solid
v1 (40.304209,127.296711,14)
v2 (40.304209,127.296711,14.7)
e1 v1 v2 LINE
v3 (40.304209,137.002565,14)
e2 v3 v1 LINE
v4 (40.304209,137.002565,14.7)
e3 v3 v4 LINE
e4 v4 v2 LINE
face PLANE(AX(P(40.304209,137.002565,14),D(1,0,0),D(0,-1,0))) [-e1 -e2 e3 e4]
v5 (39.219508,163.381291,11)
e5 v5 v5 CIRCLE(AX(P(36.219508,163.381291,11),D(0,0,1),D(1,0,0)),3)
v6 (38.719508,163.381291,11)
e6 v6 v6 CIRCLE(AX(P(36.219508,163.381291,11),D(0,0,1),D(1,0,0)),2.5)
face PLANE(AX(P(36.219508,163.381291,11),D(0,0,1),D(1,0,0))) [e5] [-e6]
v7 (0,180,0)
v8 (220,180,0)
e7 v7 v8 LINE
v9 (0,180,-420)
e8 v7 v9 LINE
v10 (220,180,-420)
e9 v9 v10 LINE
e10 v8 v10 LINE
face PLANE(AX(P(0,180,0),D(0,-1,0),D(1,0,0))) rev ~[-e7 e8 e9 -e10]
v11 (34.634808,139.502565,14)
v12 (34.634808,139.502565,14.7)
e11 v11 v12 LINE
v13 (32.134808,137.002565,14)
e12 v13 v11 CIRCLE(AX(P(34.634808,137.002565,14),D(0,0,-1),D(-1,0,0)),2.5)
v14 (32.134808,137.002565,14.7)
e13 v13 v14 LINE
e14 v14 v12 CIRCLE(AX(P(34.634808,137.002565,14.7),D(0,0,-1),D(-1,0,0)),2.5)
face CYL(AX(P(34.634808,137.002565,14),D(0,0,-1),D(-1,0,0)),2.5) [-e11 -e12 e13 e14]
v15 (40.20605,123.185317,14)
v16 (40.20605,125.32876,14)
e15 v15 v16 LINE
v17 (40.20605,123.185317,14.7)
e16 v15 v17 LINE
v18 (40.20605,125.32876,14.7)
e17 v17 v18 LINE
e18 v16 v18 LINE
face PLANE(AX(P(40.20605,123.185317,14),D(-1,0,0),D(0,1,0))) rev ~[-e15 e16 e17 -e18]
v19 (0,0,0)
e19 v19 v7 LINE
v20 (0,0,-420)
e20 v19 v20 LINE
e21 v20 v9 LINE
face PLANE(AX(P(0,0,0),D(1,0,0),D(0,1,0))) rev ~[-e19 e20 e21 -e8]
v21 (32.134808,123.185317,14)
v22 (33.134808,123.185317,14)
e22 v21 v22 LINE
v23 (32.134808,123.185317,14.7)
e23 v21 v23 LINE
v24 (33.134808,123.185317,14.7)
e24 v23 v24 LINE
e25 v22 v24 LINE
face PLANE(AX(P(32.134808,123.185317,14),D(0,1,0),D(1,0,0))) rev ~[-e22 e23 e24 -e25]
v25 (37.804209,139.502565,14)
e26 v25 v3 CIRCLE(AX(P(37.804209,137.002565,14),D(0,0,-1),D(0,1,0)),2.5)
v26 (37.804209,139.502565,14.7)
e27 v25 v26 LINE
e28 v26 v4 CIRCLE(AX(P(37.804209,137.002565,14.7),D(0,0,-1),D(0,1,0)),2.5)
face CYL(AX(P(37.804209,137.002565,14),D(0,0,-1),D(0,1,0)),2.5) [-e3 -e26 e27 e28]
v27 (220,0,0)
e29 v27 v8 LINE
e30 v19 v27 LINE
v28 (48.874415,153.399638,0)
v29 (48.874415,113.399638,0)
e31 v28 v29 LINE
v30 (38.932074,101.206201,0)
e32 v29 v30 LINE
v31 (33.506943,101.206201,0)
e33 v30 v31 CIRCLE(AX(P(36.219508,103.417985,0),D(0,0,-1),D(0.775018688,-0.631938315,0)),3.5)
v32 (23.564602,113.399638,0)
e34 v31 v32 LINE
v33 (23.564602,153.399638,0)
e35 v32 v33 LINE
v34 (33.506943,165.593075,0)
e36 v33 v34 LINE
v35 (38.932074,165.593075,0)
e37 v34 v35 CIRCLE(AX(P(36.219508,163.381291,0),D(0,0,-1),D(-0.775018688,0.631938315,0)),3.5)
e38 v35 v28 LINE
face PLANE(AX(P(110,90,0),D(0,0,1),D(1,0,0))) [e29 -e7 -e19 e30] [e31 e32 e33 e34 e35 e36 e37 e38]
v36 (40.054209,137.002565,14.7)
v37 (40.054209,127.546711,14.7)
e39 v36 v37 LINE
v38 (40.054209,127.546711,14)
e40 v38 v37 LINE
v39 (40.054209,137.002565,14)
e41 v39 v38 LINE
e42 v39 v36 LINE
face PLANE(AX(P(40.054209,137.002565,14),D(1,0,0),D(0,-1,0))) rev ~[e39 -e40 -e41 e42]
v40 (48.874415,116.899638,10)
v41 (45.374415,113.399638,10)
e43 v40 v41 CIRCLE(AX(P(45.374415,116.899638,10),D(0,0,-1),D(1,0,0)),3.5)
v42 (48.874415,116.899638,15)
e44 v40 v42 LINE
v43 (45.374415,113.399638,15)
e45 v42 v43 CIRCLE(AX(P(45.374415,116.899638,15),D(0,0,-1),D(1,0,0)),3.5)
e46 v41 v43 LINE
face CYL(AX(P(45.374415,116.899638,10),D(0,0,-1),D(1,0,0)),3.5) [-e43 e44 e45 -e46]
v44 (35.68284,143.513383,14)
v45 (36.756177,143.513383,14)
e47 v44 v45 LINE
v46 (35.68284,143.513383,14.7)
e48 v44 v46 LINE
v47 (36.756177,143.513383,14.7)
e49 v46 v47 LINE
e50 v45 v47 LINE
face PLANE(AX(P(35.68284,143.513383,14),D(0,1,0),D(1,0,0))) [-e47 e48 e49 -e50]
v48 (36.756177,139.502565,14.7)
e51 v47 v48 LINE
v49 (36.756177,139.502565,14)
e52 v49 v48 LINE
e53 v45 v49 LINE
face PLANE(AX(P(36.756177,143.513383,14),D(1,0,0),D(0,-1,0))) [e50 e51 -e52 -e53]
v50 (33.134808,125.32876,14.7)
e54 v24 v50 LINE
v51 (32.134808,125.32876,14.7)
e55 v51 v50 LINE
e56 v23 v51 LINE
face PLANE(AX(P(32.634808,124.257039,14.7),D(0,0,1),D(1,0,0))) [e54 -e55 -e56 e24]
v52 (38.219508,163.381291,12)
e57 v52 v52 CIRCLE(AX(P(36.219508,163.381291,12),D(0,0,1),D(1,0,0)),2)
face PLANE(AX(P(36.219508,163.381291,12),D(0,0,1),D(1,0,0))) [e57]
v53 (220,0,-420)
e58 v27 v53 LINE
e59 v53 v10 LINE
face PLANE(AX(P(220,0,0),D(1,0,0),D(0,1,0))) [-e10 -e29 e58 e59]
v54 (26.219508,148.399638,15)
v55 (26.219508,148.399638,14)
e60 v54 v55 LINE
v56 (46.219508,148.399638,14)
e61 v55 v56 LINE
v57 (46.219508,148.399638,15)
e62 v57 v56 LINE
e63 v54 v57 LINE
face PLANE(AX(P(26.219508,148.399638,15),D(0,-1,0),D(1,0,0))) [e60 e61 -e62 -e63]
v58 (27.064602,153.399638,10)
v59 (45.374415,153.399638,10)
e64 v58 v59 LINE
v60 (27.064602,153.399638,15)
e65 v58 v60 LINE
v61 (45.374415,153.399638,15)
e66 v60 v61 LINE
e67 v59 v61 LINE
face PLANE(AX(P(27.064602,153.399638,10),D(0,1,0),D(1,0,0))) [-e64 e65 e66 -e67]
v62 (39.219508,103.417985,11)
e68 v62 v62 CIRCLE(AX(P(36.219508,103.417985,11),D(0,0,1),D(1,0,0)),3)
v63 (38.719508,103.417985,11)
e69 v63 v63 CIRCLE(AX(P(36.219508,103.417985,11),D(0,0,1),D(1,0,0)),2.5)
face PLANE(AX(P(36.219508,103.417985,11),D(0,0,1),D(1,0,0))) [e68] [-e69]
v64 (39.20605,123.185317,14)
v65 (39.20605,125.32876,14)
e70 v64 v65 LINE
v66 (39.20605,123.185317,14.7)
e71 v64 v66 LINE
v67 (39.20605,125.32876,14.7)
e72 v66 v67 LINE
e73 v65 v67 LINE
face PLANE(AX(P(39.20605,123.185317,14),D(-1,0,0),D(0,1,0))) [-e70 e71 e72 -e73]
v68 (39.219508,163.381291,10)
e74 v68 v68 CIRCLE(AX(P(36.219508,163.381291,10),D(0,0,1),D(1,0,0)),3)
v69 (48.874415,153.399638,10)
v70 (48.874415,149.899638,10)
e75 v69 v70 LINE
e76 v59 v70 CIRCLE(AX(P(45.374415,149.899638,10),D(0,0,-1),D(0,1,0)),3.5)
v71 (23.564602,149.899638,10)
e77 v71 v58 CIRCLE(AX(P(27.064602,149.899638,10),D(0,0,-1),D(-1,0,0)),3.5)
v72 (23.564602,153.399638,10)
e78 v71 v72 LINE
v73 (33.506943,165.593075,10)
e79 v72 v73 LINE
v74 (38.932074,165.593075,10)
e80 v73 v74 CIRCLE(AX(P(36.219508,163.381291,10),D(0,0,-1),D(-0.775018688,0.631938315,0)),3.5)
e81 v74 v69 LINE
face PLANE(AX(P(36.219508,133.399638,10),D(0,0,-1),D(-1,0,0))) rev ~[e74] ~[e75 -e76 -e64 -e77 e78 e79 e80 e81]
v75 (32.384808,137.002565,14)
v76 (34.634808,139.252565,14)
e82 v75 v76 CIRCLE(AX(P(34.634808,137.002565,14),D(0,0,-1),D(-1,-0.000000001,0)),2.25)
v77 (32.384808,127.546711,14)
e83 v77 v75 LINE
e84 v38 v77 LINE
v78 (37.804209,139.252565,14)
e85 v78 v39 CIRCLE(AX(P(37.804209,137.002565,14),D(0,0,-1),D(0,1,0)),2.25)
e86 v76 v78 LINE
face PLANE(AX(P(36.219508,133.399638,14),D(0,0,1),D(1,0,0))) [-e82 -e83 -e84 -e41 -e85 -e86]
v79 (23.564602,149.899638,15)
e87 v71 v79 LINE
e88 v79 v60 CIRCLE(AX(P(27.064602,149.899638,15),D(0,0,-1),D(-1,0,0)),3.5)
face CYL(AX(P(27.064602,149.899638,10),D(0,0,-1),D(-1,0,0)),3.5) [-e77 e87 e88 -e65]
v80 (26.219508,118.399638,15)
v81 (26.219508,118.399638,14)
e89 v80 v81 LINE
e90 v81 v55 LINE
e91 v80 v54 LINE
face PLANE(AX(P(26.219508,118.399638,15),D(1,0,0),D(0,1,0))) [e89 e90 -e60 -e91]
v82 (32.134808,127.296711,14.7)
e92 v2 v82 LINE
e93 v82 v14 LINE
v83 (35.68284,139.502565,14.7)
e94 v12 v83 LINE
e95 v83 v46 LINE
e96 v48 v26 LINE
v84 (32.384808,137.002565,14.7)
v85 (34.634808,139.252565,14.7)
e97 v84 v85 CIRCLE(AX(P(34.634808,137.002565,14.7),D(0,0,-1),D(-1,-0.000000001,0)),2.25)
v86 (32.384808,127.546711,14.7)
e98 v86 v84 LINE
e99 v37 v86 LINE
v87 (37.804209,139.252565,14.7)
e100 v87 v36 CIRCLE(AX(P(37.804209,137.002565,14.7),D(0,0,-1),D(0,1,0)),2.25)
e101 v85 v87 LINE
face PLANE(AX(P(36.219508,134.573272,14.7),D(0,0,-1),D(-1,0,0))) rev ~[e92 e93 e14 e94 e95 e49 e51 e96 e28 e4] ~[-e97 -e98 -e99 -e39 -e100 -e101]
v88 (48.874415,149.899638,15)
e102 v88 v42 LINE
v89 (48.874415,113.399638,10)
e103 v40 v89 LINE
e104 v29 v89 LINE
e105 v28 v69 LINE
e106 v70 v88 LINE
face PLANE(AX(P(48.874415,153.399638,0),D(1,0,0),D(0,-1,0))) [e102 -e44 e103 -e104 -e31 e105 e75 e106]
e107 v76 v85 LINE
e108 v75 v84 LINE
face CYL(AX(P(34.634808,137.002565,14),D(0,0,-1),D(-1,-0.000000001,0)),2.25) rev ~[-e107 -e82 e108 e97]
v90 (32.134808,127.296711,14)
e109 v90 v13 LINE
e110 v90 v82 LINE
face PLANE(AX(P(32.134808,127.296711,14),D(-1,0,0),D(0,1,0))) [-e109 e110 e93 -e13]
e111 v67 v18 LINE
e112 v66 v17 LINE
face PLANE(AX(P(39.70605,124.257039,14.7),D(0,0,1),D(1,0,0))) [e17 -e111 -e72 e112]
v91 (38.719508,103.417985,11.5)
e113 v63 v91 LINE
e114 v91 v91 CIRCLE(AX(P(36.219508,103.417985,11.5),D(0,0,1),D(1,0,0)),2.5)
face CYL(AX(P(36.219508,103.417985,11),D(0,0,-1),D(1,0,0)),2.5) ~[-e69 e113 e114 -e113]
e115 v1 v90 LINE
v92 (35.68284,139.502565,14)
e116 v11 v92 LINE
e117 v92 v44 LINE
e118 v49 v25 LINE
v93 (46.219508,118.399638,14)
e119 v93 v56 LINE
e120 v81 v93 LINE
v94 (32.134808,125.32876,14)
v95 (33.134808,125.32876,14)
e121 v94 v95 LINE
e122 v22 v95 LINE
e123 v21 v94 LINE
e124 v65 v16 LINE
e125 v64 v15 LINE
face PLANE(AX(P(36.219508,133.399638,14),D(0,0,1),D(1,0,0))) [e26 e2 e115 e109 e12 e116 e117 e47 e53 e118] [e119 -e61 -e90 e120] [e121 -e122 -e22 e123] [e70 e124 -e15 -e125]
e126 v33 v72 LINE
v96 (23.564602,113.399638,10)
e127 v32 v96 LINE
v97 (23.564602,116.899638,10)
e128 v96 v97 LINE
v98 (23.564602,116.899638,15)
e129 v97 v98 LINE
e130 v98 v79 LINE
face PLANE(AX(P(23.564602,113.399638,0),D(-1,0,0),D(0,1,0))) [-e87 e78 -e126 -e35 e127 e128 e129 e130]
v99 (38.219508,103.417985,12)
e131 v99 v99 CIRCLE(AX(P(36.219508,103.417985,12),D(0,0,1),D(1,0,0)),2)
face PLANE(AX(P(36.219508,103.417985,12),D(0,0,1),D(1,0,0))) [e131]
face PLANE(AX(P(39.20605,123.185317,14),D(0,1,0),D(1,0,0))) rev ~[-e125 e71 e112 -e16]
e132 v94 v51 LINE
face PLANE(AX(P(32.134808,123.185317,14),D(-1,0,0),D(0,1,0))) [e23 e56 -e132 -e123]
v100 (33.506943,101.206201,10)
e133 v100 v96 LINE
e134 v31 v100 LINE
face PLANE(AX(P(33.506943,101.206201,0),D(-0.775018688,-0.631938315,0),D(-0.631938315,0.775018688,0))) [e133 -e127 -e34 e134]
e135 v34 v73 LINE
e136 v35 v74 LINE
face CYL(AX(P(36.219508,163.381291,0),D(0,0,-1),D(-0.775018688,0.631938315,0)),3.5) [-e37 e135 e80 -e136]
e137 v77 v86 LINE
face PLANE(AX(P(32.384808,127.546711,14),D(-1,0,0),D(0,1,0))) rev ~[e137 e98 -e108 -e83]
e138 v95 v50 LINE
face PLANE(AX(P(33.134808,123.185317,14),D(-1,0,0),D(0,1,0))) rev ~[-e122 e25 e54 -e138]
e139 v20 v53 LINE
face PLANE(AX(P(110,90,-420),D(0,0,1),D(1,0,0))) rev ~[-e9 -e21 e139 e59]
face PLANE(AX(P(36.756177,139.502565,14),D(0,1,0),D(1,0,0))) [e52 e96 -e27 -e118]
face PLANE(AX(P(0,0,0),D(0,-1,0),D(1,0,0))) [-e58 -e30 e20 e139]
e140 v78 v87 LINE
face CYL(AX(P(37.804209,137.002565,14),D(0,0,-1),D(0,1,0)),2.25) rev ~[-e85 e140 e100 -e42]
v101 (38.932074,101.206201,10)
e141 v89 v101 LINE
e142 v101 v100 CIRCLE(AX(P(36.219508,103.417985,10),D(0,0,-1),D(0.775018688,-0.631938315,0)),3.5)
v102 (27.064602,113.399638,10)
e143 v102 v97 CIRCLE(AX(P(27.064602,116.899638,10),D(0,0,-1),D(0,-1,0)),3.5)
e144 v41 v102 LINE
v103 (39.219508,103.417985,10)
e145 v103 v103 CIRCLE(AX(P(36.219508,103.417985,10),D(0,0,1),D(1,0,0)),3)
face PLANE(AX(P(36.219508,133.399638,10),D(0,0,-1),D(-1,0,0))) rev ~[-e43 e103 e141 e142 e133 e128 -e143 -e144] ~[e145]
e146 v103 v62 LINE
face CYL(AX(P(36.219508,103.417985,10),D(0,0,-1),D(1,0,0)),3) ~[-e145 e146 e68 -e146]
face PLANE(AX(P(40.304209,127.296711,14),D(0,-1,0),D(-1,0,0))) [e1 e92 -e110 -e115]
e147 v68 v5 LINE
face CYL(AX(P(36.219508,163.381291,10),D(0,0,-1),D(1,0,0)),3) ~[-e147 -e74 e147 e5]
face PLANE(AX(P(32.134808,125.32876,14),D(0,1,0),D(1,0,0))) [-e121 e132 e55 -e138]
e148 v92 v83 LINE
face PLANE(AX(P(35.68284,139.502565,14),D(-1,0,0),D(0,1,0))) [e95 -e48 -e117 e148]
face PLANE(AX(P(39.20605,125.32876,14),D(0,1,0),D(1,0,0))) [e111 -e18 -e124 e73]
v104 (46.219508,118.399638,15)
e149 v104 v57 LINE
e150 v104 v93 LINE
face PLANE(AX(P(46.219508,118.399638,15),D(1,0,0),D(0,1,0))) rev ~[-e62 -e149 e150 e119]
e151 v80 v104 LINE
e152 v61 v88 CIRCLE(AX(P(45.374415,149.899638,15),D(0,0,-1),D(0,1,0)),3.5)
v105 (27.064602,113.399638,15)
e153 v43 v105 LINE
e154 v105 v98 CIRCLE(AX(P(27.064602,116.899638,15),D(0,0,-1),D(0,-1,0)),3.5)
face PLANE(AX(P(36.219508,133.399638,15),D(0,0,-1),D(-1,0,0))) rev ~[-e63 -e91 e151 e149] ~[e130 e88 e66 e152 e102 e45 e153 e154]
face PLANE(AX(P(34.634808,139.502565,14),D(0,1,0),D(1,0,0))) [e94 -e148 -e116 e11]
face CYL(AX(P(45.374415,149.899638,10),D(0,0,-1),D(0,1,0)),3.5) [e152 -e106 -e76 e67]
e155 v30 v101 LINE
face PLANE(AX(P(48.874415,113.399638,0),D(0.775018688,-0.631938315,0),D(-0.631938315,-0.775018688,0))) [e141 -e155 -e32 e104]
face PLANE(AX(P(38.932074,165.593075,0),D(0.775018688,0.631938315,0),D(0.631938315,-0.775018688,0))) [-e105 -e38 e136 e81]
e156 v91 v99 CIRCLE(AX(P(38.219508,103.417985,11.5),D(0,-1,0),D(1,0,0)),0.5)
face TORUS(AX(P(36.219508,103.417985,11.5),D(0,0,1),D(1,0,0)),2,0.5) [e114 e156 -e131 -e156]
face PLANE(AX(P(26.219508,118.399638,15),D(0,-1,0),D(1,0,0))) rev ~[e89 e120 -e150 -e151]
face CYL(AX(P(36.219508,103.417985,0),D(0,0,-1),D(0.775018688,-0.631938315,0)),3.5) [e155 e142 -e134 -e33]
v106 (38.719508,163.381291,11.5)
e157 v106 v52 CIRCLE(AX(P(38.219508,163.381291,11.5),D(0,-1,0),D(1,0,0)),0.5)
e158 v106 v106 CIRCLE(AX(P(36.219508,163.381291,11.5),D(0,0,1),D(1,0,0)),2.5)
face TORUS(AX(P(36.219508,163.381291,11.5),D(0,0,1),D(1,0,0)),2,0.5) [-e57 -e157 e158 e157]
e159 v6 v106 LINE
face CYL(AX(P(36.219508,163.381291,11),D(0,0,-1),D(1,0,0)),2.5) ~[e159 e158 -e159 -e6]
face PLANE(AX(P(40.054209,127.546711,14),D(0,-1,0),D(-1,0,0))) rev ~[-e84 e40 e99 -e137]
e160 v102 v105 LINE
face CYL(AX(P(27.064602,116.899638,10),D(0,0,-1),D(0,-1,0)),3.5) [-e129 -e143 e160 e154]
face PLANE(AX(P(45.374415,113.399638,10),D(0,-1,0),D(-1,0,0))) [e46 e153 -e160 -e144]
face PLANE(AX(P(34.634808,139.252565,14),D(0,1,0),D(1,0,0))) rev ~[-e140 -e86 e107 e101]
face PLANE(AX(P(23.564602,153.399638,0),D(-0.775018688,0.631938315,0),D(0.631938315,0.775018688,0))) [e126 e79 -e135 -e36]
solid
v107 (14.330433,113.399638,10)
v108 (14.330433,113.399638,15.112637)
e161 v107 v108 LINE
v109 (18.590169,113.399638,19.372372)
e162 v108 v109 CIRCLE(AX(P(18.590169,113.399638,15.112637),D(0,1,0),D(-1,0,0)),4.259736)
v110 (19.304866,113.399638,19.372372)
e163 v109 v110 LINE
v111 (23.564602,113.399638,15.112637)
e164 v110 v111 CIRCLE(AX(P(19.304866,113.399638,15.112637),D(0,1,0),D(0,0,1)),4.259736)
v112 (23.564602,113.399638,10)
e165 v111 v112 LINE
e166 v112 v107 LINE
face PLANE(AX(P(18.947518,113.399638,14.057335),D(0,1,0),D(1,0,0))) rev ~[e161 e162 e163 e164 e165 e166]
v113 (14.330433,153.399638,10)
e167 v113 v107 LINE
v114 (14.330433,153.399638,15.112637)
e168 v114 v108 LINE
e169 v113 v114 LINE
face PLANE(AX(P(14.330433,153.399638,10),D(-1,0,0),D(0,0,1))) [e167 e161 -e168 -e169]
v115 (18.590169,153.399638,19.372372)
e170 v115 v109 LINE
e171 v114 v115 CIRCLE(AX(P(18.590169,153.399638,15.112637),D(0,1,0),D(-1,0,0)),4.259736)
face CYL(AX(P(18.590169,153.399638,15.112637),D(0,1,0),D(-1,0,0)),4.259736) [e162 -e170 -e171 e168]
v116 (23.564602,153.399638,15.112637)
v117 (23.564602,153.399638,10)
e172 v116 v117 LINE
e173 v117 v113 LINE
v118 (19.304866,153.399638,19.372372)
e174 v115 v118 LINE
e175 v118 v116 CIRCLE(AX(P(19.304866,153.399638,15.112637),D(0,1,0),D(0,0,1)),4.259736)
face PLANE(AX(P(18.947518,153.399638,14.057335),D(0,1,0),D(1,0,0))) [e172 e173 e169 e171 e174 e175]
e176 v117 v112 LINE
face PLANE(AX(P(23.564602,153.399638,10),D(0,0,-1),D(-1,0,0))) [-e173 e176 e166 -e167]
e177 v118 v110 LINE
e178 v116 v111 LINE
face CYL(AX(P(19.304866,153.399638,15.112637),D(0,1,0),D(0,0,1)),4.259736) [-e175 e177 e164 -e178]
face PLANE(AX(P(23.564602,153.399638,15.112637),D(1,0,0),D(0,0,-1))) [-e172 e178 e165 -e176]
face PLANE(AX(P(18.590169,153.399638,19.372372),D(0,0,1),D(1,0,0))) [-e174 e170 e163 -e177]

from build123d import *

# Parameters (mm, degrees)
SKETCH1_W           = 220
SKETCH1_H           = 180
BOSS_EXTRUDE1_DEPTH = 420
BOSS_EXTRUDE2_DEPTH = 10
BOSS_EXTRUDE3_DEPTH = 5
SKETCH4_R           = 3
BOSS_EXTRUDE4_DEPTH = 1
SKETCH5_R           = 2.5
BOSS_EXTRUDE5_DEPTH = 1
FILLET1_R           = 0.5
FILLET2_R           = 0.5
SKETCH6_W           = 20
SKETCH6_H           = 30
CUT_EXTRUDE1_DEPTH  = 1
SKETCH7_W           = 1
SKETCH7_H           = 2.143442922
BOSS_EXTRUDE6_DEPTH = 0.7
BOSS_EXTRUDE8_DEPTH = 40


with BuildPart() as part:
    # Sketch1 → Boss-Extrude1 (new body)
    with BuildSketch(Plane.XY):
        with Locations((110, 90)):
            Rectangle(SKETCH1_W, SKETCH1_H)
    extrude(amount=-BOSS_EXTRUDE1_DEPTH)

    # Sketch2 → Boss-Extrude2 (add)
    with BuildSketch(Plane.XY):
        with BuildLine():
            Line((23.564602078, 153.399638111), (33.506942996, 165.593075087))
            ThreePointArc((33.506942996, 165.593075087), (36.219508404, 166.881290985), (38.932073811, 165.593075087))
            Line((38.932073811, 165.593075087), (48.874414729, 153.399638111))
            Line((48.874414729, 153.399638111), (48.874414729, 113.399638111))
            Line((48.874414729, 113.399638111), (38.932073811, 101.206201136))
            ThreePointArc((38.932073811, 101.206201136), (36.219508404, 99.917985238), (33.506942996, 101.206201136))
            Line((33.506942996, 101.206201136), (23.564602078, 113.399638111))
            Line((23.564602078, 113.399638111), (23.564602078, 153.399638111))
        make_face()
    extrude(amount=BOSS_EXTRUDE2_DEPTH)

    # Sketch3 → Boss-Extrude3 (add)
    with BuildSketch(Plane.XY.offset(10)):
        with BuildLine():
            Line((27.064602078, 153.399638111), (45.374414729, 153.399638111))
            ThreePointArc((45.374414729, 153.399638111), (47.849288463, 152.374511846), (48.874414729, 149.899638111))
            Line((48.874414729, 149.899638111), (48.874414729, 116.899638111))
            ThreePointArc((48.874414729, 116.899638111), (47.849288463, 114.424764377), (45.374414729, 113.399638111))
            Line((45.374414729, 113.399638111), (27.064602078, 113.399638111))
            ThreePointArc((27.064602078, 113.399638111), (24.589728344, 114.424764377), (23.564602078, 116.899638111))
            Line((23.564602078, 116.899638111), (23.564602078, 149.899638111))
            ThreePointArc((23.564602078, 149.899638111), (24.589728344, 152.374511846), (27.064602078, 153.399638111))
        make_face()
    extrude(amount=BOSS_EXTRUDE3_DEPTH)

    # Sketch4 → Boss-Extrude4 (add)
    with BuildSketch(Plane.XY.offset(10)):
        with Locations((36.219508404, 163.381290985)):
            Circle(SKETCH4_R)
        with Locations((36.219508404, 103.417985238)):
            Circle(SKETCH4_R)
    extrude(amount=BOSS_EXTRUDE4_DEPTH)

    # Sketch5 → Boss-Extrude5 (add)
    with BuildSketch(Plane.XY.offset(11)):
        with Locations((36.219508404, 163.381290985)):
            Circle(SKETCH5_R)
        with Locations((36.219508404, 103.417985238)):
            Circle(SKETCH5_R)
    extrude(amount=BOSS_EXTRUDE5_DEPTH)

    # Fillet1
    fillet1_edges = [part.edges().sort_by_distance(p)[0] for p in [
        (33.719508404, 163.381290985, 12),
    ]]
    fillet(fillet1_edges, radius=FILLET1_R)

    # Fillet2
    fillet2_edges = [part.edges().sort_by_distance(p)[0] for p in [
        (33.719508404, 103.417985238, 12),
    ]]
    fillet(fillet2_edges, radius=FILLET2_R)

    # Sketch6 → Cut-Extrude1 (cut)
    with BuildSketch(Plane.XY.offset(15)):
        with Locations((36.219508404, 133.399638111)):
            Rectangle(SKETCH6_W, SKETCH6_H)
    extrude(amount=-CUT_EXTRUDE1_DEPTH, mode=Mode.SUBTRACT)

    # Sketch7 → Boss-Extrude6 (add)
    with BuildSketch(Plane.XY.offset(14)):
        with BuildLine():
            Line((36.756177122, 139.502564755), (37.804208618, 139.502564755))
            ThreePointArc((37.804208618, 139.502564755), (39.571975571, 138.770331708), (40.304208618, 137.002564755))
            Line((40.304208618, 137.002564755), (40.304208618, 127.296711468))
            Line((40.304208618, 127.296711468), (32.13480819, 127.296711468))
            Line((32.13480819, 127.296711468), (32.13480819, 137.002564755))
            ThreePointArc((32.13480819, 137.002564755), (32.867041237, 138.770331708), (34.63480819, 139.502564755))
            Line((34.63480819, 139.502564755), (35.682839685, 139.502564755))
            Line((35.682839685, 139.502564755), (35.682839685, 143.513382968))
            Line((35.682839685, 143.513382968), (36.756177122, 143.513382968))
            Line((36.756177122, 143.513382968), (36.756177122, 139.502564755))
        make_face()
        with BuildLine():
            Line((32.38480819, 127.546711468), (32.38480819, 137.002564755))
            ThreePointArc((32.38480819, 137.002564755), (33.043817932, 138.593555013), (34.63480819, 139.252564755))
            Line((34.63480819, 139.252564755), (35.932839685, 139.252564755))
            Line((35.932839685, 139.252564755), (36.506177122, 139.252564755))
            Line((36.506177122, 139.252564755), (37.804208618, 139.252564755))
            ThreePointArc((37.804208618, 139.252564755), (39.395198875, 138.593555013), (40.054208618, 137.002564755))
            Line((40.054208618, 137.002564755), (40.054208618, 127.546711468))
            Line((40.054208618, 127.546711468), (32.38480819, 127.546711468))
        make_face(mode=Mode.SUBTRACT)
        with Locations((32.63480819, 124.257038726)):
            Rectangle(SKETCH7_W, SKETCH7_H)
        with Locations((39.706049566, 124.257038726)):
            Rectangle(SKETCH7_W, SKETCH7_H)
    extrude(amount=BOSS_EXTRUDE6_DEPTH)


with BuildPart() as body_2:
    # Sketch8 → Boss-Extrude8 (new body)
    with BuildSketch(Plane(origin=(0, 153.399638111, 0), x_dir=(1, 0, 0), z_dir=(0, 1, 0))):
        with BuildLine():
            Line((23.564602078, -10), (14.33043312, -10))
            Line((14.33043312, -10), (14.33043312, -15.112636543))
            ThreePointArc((14.33043312, -15.112636543), (15.578080845, -18.124724601), (18.590168902, -19.372372325))
            Line((18.590168902, -19.372372325), (19.304866296, -19.372372325))
            ThreePointArc((19.304866296, -19.372372325), (22.316954354, -18.124724601), (23.564602078, -15.112636543))
            Line((23.564602078, -15.112636543), (23.564602078, -10))
        make_face()
    extrude(amount=-BOSS_EXTRUDE8_DEPTH)


solid = Compound([part.part, body_2.part])
